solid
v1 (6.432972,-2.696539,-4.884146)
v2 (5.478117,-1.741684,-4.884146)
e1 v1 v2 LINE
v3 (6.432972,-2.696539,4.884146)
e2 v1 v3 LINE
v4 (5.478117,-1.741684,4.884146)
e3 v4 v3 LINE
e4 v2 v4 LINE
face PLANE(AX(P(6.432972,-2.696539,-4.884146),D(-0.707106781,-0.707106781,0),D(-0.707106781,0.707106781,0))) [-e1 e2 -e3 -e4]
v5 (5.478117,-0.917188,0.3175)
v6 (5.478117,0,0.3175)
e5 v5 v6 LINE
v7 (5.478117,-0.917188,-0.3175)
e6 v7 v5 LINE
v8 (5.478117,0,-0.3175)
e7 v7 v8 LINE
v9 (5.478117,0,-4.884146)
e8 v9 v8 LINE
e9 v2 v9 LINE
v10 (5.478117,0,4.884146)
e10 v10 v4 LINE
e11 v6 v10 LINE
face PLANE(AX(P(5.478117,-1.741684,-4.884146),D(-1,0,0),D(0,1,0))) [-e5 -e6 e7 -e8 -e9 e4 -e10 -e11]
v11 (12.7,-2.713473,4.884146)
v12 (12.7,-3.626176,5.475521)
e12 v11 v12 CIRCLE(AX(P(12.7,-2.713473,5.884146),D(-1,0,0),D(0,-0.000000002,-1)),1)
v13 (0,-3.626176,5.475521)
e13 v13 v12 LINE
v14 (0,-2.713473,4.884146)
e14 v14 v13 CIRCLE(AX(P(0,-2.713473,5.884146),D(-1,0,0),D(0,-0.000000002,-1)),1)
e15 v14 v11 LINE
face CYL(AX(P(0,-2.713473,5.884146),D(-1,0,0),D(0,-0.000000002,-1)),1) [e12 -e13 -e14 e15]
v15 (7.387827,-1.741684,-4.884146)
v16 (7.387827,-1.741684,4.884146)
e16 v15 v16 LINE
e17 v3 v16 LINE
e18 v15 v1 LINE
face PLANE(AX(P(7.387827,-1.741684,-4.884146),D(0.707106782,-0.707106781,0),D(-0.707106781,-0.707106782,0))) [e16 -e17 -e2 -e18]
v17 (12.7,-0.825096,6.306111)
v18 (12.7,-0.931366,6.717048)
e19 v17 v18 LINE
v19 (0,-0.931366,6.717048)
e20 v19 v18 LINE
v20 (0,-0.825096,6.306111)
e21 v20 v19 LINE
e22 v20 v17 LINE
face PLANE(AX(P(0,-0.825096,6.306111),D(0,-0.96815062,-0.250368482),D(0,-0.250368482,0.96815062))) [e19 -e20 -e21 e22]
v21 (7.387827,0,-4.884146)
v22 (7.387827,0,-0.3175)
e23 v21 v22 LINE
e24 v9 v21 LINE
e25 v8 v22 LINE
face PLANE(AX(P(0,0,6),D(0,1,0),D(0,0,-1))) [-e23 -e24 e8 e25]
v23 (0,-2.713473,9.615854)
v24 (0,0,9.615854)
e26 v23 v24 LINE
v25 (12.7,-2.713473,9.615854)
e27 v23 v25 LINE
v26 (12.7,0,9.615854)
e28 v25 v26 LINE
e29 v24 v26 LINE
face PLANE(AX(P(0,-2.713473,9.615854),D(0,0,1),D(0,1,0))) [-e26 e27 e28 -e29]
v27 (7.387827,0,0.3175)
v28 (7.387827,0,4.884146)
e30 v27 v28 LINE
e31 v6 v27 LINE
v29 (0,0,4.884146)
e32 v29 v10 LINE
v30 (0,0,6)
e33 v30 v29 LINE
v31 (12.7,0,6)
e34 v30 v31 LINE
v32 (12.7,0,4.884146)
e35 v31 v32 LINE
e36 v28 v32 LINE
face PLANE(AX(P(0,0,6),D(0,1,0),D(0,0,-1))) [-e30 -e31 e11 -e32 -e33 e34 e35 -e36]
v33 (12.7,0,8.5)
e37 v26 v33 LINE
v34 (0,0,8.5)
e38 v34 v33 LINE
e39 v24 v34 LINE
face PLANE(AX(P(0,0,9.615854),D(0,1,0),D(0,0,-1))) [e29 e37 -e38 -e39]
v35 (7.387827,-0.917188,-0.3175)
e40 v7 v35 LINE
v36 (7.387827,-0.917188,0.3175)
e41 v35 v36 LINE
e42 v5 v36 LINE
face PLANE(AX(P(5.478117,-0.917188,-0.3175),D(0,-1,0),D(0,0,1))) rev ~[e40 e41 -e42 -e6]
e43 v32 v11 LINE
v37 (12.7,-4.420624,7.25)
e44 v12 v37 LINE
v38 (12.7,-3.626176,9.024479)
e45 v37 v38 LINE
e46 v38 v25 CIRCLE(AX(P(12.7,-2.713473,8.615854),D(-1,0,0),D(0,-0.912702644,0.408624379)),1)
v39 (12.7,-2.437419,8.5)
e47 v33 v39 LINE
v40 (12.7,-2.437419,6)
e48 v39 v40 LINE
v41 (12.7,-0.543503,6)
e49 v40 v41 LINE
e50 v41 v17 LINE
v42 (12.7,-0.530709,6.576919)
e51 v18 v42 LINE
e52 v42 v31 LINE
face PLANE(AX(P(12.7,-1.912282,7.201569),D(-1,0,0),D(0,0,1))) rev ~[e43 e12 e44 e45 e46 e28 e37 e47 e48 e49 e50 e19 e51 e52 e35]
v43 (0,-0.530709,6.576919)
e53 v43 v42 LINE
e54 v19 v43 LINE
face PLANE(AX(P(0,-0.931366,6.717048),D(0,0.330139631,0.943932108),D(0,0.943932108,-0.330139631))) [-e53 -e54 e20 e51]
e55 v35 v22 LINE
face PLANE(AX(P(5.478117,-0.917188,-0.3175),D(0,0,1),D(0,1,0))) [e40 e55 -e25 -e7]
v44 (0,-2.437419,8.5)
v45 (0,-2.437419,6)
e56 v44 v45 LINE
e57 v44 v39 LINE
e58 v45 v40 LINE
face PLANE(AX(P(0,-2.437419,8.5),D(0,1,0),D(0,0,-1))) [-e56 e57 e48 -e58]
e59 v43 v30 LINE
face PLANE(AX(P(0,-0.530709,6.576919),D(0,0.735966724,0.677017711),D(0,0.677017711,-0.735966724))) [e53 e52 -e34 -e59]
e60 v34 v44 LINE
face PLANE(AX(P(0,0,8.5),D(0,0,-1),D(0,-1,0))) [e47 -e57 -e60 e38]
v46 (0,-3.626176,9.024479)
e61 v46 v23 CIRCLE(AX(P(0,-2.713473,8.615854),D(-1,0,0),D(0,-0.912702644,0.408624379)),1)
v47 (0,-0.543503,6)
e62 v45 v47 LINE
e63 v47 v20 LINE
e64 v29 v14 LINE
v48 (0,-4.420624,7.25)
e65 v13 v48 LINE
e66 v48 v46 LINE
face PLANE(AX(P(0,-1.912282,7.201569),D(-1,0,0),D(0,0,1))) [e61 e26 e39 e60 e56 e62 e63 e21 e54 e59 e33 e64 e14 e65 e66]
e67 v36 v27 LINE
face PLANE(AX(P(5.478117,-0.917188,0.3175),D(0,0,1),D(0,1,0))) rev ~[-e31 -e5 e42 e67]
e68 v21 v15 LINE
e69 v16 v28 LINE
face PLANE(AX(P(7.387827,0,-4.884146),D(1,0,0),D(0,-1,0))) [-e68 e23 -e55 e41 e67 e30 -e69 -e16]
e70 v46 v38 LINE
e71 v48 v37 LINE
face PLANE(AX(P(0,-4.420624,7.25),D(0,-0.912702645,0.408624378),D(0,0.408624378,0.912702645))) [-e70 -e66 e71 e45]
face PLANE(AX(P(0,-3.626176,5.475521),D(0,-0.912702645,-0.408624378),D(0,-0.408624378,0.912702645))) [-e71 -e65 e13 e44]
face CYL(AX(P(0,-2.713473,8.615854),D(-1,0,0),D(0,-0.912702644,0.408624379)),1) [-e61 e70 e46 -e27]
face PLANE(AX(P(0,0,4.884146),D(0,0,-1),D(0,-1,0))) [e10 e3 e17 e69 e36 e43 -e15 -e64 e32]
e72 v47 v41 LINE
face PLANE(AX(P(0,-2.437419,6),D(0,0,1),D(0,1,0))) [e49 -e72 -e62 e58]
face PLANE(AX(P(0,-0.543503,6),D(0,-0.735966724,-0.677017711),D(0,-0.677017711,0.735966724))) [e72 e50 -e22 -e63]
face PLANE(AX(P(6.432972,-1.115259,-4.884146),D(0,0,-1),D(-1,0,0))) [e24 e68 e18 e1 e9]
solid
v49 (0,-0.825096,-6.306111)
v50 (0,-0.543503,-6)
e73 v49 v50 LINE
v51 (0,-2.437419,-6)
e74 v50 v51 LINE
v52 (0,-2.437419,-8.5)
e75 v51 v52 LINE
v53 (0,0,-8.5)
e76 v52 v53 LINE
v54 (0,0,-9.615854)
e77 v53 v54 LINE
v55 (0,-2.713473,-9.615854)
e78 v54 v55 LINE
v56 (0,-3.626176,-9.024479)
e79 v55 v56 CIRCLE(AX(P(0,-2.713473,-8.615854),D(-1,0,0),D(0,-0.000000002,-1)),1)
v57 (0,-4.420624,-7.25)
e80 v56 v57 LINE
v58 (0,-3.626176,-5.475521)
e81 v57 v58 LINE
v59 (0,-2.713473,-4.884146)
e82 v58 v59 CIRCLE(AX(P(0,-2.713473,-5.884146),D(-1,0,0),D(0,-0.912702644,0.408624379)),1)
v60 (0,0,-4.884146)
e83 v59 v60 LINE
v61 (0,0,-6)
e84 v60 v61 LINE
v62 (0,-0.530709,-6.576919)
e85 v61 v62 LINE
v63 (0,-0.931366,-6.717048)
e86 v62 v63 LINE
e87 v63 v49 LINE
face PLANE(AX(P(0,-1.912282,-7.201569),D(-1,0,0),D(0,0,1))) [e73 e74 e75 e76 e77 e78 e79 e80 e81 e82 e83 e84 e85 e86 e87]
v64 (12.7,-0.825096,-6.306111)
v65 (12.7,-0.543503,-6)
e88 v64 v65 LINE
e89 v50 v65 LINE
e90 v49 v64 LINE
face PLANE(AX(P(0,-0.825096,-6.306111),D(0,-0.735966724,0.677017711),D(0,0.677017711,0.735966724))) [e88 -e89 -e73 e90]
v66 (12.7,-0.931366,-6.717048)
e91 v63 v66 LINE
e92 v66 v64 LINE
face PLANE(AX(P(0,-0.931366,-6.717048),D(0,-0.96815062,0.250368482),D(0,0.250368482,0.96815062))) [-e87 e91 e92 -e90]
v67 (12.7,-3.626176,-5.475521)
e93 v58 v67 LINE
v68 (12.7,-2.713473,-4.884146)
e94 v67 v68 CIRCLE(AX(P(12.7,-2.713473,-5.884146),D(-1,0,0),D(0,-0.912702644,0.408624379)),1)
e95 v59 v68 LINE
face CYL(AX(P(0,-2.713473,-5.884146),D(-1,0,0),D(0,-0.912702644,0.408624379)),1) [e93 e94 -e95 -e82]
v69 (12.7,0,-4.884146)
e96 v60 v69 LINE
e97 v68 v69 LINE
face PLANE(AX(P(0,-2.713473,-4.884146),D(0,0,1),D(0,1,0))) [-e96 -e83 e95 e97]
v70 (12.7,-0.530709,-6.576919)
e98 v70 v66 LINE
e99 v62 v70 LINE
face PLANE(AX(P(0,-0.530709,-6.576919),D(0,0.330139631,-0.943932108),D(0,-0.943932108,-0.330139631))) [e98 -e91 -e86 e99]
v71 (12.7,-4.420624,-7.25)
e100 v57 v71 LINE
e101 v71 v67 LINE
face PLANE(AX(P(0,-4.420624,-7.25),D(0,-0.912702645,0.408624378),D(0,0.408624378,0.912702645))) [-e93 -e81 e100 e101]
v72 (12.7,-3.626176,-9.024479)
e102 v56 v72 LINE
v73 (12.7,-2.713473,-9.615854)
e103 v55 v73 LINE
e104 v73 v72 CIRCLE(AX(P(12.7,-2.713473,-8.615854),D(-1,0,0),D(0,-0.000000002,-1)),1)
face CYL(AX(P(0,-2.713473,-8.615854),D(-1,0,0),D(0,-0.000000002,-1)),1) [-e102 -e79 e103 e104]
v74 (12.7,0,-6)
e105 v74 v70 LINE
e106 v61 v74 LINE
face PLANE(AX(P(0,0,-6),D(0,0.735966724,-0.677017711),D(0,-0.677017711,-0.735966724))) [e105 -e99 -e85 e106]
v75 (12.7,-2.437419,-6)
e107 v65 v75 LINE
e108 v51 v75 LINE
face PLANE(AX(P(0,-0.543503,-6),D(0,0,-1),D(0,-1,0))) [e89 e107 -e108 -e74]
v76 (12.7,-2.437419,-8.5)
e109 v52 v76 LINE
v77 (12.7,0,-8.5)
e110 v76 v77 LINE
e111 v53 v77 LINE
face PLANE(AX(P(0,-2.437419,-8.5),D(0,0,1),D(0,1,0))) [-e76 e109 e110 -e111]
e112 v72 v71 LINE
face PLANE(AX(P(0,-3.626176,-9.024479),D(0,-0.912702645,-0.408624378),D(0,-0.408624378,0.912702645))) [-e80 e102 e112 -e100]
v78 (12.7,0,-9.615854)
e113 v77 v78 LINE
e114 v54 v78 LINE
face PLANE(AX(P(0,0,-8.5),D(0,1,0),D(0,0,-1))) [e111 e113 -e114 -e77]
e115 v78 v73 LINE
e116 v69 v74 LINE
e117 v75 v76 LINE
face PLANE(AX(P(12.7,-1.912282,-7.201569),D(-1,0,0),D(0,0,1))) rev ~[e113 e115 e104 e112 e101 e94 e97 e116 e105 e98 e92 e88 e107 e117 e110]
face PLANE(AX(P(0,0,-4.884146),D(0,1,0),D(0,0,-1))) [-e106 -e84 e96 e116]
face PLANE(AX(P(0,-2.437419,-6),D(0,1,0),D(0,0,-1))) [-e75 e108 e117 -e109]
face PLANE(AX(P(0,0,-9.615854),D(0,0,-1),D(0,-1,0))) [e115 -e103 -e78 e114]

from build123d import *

# Parameters (mm, degrees)
BOSS_EXTRUDE1_DEPTH   = 12.7
BOSS_EXTRUDE1_2_DEPTH = 12.7
BOSS_EXTRUDE2_REACH   = 21.776
SKETCH3_W             = 0.635
SKETCH3_H             = 0.917188339
CUT_EXTRUDE1_DEPTH    = 1.90971


with BuildPart() as part:
    # Sketch1 → Boss-Extrude1 (new body)
    with BuildSketch(Plane(origin=(0, 0, 0), x_dir=(0, 0, -1), z_dir=(1, 0, 0))):
        with BuildLine():
            Line((6.30611145, -0.825095556), (6, -0.543502834))
            Line((6, -0.543502834), (6, -2.437418567))
            Line((6, -2.437418567), (8.5, -2.437418567))
            Line((8.5, -2.437418567), (8.5, 0))
            Line((8.5, 0), (9.615854332, 0))
            Line((9.615854332, 0), (9.615854332, -2.713473186))
            ThreePointArc((9.615854332, -2.713473186), (9.455087427, -3.257245023), (9.02447871, -3.62617583))
            Line((9.02447871, -3.62617583), (7.25, -4.420624343))
            Line((7.25, -4.420624343), (5.47552129, -3.62617583))
            ThreePointArc((5.47552129, -3.62617583), (5.044912573, -3.257245023), (4.884145668, -2.713473186))
            Line((4.884145668, -2.713473186), (4.884145668, 0))
            Line((4.884145668, 0), (6, 0))
            Line((6, 0), (6.576918535, -0.530708867))
            Line((6.576918535, -0.530708867), (6.717048019, -0.931365761))
            Line((6.717048019, -0.931365761), (6.30611145, -0.825095556))
        make_face()
    extrude(amount=BOSS_EXTRUDE1_DEPTH)


with BuildPart() as body_2:
    # Sketch1 → Boss-Extrude1 2 (new body)
    with BuildSketch(Plane(origin=(0, 0, 0), x_dir=(0, 0, -1), z_dir=(1, 0, 0))):
        with BuildLine():
            Line((-6, 0), (-4.884145668, 0))
            Line((-4.884145668, 0), (-4.884145668, -2.713473186))
            ThreePointArc((-4.884145668, -2.713473186), (-5.044912573, -3.257245023), (-5.47552129, -3.62617583))
            Line((-5.47552129, -3.62617583), (-7.25, -4.420624343))
            Line((-7.25, -4.420624343), (-9.02447871, -3.62617583))
            ThreePointArc((-9.02447871, -3.62617583), (-9.455087427, -3.257245023), (-9.615854332, -2.713473186))
            Line((-9.615854332, -2.713473186), (-9.615854332, 0))
            Line((-9.615854332, 0), (-8.5, 0))
            Line((-8.5, 0), (-8.5, -2.437418567))
            Line((-8.5, -2.437418567), (-6, -2.437418567))
            Line((-6, -2.437418567), (-6, -0.543502834))
            Line((-6, -0.543502834), (-6.30611145, -0.825095556))
            Line((-6.30611145, -0.825095556), (-6.717048019, -0.931365761))
            Line((-6.717048019, -0.931365761), (-6.576918535, -0.530708867))
            Line((-6.576918535, -0.530708867), (-6, 0))
        make_face()
    extrude(amount=BOSS_EXTRUDE1_2_DEPTH)

    # Sketch2 → Boss-Extrude2 (add, up to next)
    with BuildSketch(Plane.XY.offset(-4.884145668), mode=Mode.PRIVATE) as boss_extrude2_sk1:
        Polygon((5.47811731, 0), (7.387826905, 0), (7.387826905, -1.741683954), (6.432972108, -2.696538752), (5.47811731, -1.741683954), align=None)
    boss_extrude2_tool1 = extrude(boss_extrude2_sk1.sketch, amount=BOSS_EXTRUDE2_REACH, mode=Mode.PRIVATE) - body_2.part
    add(boss_extrude2_tool1.solids().sort_by_distance((6.432972, -1.126675, -4.884146))[0])

    # Sketch3 → Cut-Extrude1 (cut)
    with BuildSketch(Plane.ZY.offset(-5.47811731)):
        with Locations((0, -0.45859417)):
            Rectangle(SKETCH3_W, SKETCH3_H)
    extrude(amount=-CUT_EXTRUDE1_DEPTH, mode=Mode.SUBTRACT)


solid = Compound([part.part, body_2.part])
